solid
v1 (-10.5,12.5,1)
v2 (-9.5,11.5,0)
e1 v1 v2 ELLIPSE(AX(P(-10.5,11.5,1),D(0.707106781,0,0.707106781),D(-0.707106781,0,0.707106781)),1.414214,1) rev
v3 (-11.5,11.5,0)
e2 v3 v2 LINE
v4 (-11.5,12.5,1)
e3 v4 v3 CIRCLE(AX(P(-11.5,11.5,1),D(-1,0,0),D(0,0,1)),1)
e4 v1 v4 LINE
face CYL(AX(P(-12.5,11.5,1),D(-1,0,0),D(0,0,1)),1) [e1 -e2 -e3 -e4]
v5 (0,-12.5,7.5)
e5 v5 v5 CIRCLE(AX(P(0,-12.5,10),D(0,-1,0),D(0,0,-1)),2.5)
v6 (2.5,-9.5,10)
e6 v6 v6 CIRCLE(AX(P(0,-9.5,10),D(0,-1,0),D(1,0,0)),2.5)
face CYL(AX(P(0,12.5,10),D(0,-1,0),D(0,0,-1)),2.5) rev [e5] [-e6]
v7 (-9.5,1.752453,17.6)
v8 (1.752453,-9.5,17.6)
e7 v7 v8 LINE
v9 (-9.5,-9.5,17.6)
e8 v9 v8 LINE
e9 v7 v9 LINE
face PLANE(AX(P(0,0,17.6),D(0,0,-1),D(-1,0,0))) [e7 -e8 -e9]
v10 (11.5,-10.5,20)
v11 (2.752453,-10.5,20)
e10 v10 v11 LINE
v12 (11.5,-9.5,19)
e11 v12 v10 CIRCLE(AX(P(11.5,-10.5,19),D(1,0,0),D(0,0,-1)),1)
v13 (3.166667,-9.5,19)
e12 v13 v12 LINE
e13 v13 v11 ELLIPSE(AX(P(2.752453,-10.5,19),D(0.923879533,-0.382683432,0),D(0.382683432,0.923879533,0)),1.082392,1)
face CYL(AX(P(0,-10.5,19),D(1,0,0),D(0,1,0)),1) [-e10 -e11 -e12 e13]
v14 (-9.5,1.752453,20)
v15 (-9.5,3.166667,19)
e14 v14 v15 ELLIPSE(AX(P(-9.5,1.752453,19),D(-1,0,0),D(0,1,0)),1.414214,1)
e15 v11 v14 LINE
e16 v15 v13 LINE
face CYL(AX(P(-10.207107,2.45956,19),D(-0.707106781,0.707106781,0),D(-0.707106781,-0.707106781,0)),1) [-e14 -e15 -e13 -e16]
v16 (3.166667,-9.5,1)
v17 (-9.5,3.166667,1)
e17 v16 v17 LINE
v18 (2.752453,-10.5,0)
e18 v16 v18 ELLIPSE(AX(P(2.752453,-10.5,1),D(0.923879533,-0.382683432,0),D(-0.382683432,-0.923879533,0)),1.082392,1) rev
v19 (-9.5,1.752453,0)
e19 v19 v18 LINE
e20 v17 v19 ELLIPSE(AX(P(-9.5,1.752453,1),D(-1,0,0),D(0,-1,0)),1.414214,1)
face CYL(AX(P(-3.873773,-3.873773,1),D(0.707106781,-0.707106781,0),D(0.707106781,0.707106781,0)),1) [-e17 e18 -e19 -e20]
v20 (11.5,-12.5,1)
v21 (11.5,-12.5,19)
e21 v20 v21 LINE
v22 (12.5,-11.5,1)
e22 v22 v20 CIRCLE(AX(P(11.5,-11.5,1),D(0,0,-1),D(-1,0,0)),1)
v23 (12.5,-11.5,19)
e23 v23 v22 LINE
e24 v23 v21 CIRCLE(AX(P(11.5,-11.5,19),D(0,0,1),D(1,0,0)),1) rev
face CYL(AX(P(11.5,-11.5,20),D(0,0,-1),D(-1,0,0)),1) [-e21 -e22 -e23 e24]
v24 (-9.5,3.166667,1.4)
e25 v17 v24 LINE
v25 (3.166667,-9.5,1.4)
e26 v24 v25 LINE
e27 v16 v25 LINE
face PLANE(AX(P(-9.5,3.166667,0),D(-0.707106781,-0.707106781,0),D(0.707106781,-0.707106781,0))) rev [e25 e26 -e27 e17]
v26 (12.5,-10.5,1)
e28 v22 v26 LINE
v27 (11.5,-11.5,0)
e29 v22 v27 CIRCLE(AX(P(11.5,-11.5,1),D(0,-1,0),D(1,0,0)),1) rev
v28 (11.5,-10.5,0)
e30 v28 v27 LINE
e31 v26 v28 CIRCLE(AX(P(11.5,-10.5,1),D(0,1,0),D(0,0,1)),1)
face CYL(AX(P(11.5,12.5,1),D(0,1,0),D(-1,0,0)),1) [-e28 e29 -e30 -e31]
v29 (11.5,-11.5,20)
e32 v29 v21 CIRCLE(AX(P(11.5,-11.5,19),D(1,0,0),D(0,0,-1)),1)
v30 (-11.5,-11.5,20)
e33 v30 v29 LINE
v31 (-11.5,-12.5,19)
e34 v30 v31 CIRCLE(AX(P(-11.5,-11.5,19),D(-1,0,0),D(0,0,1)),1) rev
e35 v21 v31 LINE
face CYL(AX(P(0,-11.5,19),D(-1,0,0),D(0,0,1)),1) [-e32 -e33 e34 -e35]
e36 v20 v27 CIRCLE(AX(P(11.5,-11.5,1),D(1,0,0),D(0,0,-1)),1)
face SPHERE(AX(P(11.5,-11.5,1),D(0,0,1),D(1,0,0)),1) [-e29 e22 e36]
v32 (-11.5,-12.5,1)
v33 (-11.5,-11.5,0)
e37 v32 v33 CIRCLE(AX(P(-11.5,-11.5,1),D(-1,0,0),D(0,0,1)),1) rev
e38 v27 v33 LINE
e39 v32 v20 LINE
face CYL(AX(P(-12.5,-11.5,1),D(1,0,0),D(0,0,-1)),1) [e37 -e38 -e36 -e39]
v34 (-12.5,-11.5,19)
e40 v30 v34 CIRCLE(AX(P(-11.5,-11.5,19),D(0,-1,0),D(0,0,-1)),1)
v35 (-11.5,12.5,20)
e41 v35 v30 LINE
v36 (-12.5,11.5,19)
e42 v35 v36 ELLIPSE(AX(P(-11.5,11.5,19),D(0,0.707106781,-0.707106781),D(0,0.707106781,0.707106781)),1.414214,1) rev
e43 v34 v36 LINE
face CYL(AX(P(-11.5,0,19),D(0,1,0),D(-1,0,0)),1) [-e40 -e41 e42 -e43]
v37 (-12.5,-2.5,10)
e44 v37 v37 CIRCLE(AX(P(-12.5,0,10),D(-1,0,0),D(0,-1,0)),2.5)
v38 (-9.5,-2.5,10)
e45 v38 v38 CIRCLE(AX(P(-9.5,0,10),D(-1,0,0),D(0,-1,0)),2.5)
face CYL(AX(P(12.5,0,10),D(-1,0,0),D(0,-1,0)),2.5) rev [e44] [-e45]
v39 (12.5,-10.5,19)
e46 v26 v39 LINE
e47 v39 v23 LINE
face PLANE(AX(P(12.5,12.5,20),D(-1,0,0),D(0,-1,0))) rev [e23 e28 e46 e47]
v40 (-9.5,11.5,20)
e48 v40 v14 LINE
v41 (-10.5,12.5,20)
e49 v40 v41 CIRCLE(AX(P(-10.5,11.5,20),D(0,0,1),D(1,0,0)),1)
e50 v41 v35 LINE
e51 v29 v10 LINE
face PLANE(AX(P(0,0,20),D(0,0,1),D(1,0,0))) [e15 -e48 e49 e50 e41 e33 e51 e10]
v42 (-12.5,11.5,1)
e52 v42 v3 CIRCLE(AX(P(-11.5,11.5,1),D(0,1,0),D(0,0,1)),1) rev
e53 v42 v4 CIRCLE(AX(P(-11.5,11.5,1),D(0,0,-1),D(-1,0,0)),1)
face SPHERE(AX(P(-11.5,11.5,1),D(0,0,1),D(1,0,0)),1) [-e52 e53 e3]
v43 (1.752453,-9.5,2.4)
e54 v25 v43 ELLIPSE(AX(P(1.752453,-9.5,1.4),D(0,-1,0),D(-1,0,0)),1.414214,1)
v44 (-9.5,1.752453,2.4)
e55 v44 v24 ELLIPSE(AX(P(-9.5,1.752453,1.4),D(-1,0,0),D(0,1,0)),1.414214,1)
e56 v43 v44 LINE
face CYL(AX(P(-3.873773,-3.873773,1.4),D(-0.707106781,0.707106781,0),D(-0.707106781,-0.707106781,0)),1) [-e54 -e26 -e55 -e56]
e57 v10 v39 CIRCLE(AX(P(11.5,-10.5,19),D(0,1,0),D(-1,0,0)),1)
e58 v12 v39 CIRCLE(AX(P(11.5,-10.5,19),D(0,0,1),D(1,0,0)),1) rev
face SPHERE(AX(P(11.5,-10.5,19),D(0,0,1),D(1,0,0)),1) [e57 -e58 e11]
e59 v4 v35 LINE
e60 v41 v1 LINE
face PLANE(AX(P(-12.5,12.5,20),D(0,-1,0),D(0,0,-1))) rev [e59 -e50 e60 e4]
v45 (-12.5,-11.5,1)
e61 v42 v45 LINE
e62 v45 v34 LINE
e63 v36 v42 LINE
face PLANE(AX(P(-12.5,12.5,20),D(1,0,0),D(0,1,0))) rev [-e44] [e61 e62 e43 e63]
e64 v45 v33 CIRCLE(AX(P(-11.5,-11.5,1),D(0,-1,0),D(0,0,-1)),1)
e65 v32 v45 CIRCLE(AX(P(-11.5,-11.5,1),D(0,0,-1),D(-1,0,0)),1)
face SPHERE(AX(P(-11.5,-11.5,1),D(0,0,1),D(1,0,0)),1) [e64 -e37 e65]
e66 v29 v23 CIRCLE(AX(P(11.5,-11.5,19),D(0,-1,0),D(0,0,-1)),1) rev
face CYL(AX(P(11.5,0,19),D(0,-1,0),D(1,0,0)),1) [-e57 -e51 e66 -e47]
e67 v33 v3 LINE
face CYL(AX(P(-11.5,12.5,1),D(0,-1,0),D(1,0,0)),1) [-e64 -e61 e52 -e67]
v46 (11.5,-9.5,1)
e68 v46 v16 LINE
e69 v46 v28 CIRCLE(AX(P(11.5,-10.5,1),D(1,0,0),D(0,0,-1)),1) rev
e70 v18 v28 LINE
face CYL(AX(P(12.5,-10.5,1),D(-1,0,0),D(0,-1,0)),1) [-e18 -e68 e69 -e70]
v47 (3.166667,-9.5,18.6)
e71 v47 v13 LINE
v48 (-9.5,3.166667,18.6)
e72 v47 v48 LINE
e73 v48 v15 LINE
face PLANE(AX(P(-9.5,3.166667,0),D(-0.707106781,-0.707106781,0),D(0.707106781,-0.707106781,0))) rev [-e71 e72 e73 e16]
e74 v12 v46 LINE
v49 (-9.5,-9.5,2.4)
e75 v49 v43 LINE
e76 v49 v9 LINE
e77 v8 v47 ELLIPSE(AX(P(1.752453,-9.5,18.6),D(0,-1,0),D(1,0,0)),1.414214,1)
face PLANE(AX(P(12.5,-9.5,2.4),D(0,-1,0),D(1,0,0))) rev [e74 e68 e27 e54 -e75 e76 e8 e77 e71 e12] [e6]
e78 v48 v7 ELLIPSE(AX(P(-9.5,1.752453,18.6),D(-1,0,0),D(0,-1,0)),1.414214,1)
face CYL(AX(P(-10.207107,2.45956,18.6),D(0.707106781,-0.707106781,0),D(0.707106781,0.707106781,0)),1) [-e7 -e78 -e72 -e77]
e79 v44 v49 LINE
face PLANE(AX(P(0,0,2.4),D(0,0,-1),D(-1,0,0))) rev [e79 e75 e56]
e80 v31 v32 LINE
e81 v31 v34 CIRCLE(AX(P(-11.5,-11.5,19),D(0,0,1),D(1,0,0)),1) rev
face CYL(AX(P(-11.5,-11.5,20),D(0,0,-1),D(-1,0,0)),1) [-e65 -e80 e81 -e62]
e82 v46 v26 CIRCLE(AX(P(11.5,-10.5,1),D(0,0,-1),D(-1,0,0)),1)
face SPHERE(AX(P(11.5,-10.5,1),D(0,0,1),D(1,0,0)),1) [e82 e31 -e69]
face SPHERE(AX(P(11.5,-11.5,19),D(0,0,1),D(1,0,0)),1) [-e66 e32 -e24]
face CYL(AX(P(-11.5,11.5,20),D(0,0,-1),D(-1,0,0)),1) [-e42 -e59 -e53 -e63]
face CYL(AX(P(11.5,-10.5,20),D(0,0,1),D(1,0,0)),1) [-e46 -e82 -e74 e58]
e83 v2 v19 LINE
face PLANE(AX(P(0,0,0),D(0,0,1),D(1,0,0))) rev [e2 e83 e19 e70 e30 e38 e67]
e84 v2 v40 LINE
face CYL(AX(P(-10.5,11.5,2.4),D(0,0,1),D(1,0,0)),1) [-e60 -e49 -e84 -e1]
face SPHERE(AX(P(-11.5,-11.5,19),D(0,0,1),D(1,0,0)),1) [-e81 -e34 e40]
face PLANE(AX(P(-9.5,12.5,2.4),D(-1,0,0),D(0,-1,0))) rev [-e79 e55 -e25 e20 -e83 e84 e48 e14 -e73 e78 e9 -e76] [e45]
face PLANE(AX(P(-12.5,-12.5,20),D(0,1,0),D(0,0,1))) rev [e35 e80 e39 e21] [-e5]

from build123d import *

# Parameters (mm, degrees)
SKETCH1_W           = 25
SKETCH1_H           = 25
BOSS_EXTRUDE1_DEPTH = 20
CUT_EXTRUDE3_START  = -2.4
SKETCH2_W           = 22
SKETCH2_H           = 22
CUT_EXTRUDE3_DEPTH  = 15.2
CUT_EXTRUDE4_DEPTH  = 27.69269563
FILLET1_R           = 1
SKETCH5_R           = 2.5
CUT_EXTRUDE5_DEPTH  = 35.369317712
SKETCH6_R           = 2.5
CUT_EXTRUDE6_DEPTH  = 35.369317712


with BuildPart() as part:
    # Sketch1 → Boss-Extrude1 (new body)
    with BuildSketch(Plane.XY):
        Rectangle(SKETCH1_W, SKETCH1_H)
    extrude(amount=BOSS_EXTRUDE1_DEPTH)

    # Sketch2 → Cut-Extrude3 (cut)
    with BuildSketch(Plane.XY.offset(20).offset(CUT_EXTRUDE3_START)):
        with Locations((1.5, 1.5)):
            Rectangle(SKETCH2_W, SKETCH2_H)
    extrude(amount=-CUT_EXTRUDE3_DEPTH, mode=Mode.SUBTRACT)

    # Sketch3 → Cut-Extrude4 (cut, through all)
    with BuildSketch(Plane.XY.offset(20)):
        Polygon((-9.5, 3.166666667), (3.166666667, -9.5), (12.5, -9.5), (12.5, 12.5), (-9.5, 12.5), align=None)
    extrude(amount=-CUT_EXTRUDE4_DEPTH, mode=Mode.SUBTRACT)

    # Fillet1
    fillet1_edges = [part.edges().sort_by_distance(p)[0] for p in [
        (-12.5, 0, 20),
        (0, -12.5, 20),
        (12.5, -9.5, 10),
        (-9.5, 12.5, 10),
        (-3.166666667, -3.166666667, 17.6),
        (-11, 12.5, 0),
        (-3.166666667, -3.166666667, 2.4),
        (-3.166666667, -3.166666667, 0),
        (7.833333333, -9.5, 20),
        (7.833333333, -9.5, 0),
        (-3.166666667, -3.166666667, 20),
        (12.5, -11, 20),
        (0, -12.5, 0),
        (-12.5, 0, 0),
        (12.5, -11, 0),
        (12.5, -12.5, 10),
        (-12.5, -12.5, 10),
        (-12.5, 12.5, 10),
    ]]
    fillet(fillet1_edges, radius=FILLET1_R)

    # Sketch5 → Cut-Extrude5 (cut, through all)
    with BuildSketch(Plane.XZ.offset(12.5)):
        with Locations(Location((0, 10, 0), (0, 0, 270))):
            Circle(SKETCH5_R)
    extrude(amount=-CUT_EXTRUDE5_DEPTH, mode=Mode.SUBTRACT)

    # Sketch6 → Cut-Extrude6 (cut, through all)
    with BuildSketch(Plane.ZY.offset(12.5)):
        with Locations(Location((10, 0, 0), (0, 0, 270))):
            Circle(SKETCH6_R)
    extrude(amount=-CUT_EXTRUDE6_DEPTH, mode=Mode.SUBTRACT)


solid = part.part
